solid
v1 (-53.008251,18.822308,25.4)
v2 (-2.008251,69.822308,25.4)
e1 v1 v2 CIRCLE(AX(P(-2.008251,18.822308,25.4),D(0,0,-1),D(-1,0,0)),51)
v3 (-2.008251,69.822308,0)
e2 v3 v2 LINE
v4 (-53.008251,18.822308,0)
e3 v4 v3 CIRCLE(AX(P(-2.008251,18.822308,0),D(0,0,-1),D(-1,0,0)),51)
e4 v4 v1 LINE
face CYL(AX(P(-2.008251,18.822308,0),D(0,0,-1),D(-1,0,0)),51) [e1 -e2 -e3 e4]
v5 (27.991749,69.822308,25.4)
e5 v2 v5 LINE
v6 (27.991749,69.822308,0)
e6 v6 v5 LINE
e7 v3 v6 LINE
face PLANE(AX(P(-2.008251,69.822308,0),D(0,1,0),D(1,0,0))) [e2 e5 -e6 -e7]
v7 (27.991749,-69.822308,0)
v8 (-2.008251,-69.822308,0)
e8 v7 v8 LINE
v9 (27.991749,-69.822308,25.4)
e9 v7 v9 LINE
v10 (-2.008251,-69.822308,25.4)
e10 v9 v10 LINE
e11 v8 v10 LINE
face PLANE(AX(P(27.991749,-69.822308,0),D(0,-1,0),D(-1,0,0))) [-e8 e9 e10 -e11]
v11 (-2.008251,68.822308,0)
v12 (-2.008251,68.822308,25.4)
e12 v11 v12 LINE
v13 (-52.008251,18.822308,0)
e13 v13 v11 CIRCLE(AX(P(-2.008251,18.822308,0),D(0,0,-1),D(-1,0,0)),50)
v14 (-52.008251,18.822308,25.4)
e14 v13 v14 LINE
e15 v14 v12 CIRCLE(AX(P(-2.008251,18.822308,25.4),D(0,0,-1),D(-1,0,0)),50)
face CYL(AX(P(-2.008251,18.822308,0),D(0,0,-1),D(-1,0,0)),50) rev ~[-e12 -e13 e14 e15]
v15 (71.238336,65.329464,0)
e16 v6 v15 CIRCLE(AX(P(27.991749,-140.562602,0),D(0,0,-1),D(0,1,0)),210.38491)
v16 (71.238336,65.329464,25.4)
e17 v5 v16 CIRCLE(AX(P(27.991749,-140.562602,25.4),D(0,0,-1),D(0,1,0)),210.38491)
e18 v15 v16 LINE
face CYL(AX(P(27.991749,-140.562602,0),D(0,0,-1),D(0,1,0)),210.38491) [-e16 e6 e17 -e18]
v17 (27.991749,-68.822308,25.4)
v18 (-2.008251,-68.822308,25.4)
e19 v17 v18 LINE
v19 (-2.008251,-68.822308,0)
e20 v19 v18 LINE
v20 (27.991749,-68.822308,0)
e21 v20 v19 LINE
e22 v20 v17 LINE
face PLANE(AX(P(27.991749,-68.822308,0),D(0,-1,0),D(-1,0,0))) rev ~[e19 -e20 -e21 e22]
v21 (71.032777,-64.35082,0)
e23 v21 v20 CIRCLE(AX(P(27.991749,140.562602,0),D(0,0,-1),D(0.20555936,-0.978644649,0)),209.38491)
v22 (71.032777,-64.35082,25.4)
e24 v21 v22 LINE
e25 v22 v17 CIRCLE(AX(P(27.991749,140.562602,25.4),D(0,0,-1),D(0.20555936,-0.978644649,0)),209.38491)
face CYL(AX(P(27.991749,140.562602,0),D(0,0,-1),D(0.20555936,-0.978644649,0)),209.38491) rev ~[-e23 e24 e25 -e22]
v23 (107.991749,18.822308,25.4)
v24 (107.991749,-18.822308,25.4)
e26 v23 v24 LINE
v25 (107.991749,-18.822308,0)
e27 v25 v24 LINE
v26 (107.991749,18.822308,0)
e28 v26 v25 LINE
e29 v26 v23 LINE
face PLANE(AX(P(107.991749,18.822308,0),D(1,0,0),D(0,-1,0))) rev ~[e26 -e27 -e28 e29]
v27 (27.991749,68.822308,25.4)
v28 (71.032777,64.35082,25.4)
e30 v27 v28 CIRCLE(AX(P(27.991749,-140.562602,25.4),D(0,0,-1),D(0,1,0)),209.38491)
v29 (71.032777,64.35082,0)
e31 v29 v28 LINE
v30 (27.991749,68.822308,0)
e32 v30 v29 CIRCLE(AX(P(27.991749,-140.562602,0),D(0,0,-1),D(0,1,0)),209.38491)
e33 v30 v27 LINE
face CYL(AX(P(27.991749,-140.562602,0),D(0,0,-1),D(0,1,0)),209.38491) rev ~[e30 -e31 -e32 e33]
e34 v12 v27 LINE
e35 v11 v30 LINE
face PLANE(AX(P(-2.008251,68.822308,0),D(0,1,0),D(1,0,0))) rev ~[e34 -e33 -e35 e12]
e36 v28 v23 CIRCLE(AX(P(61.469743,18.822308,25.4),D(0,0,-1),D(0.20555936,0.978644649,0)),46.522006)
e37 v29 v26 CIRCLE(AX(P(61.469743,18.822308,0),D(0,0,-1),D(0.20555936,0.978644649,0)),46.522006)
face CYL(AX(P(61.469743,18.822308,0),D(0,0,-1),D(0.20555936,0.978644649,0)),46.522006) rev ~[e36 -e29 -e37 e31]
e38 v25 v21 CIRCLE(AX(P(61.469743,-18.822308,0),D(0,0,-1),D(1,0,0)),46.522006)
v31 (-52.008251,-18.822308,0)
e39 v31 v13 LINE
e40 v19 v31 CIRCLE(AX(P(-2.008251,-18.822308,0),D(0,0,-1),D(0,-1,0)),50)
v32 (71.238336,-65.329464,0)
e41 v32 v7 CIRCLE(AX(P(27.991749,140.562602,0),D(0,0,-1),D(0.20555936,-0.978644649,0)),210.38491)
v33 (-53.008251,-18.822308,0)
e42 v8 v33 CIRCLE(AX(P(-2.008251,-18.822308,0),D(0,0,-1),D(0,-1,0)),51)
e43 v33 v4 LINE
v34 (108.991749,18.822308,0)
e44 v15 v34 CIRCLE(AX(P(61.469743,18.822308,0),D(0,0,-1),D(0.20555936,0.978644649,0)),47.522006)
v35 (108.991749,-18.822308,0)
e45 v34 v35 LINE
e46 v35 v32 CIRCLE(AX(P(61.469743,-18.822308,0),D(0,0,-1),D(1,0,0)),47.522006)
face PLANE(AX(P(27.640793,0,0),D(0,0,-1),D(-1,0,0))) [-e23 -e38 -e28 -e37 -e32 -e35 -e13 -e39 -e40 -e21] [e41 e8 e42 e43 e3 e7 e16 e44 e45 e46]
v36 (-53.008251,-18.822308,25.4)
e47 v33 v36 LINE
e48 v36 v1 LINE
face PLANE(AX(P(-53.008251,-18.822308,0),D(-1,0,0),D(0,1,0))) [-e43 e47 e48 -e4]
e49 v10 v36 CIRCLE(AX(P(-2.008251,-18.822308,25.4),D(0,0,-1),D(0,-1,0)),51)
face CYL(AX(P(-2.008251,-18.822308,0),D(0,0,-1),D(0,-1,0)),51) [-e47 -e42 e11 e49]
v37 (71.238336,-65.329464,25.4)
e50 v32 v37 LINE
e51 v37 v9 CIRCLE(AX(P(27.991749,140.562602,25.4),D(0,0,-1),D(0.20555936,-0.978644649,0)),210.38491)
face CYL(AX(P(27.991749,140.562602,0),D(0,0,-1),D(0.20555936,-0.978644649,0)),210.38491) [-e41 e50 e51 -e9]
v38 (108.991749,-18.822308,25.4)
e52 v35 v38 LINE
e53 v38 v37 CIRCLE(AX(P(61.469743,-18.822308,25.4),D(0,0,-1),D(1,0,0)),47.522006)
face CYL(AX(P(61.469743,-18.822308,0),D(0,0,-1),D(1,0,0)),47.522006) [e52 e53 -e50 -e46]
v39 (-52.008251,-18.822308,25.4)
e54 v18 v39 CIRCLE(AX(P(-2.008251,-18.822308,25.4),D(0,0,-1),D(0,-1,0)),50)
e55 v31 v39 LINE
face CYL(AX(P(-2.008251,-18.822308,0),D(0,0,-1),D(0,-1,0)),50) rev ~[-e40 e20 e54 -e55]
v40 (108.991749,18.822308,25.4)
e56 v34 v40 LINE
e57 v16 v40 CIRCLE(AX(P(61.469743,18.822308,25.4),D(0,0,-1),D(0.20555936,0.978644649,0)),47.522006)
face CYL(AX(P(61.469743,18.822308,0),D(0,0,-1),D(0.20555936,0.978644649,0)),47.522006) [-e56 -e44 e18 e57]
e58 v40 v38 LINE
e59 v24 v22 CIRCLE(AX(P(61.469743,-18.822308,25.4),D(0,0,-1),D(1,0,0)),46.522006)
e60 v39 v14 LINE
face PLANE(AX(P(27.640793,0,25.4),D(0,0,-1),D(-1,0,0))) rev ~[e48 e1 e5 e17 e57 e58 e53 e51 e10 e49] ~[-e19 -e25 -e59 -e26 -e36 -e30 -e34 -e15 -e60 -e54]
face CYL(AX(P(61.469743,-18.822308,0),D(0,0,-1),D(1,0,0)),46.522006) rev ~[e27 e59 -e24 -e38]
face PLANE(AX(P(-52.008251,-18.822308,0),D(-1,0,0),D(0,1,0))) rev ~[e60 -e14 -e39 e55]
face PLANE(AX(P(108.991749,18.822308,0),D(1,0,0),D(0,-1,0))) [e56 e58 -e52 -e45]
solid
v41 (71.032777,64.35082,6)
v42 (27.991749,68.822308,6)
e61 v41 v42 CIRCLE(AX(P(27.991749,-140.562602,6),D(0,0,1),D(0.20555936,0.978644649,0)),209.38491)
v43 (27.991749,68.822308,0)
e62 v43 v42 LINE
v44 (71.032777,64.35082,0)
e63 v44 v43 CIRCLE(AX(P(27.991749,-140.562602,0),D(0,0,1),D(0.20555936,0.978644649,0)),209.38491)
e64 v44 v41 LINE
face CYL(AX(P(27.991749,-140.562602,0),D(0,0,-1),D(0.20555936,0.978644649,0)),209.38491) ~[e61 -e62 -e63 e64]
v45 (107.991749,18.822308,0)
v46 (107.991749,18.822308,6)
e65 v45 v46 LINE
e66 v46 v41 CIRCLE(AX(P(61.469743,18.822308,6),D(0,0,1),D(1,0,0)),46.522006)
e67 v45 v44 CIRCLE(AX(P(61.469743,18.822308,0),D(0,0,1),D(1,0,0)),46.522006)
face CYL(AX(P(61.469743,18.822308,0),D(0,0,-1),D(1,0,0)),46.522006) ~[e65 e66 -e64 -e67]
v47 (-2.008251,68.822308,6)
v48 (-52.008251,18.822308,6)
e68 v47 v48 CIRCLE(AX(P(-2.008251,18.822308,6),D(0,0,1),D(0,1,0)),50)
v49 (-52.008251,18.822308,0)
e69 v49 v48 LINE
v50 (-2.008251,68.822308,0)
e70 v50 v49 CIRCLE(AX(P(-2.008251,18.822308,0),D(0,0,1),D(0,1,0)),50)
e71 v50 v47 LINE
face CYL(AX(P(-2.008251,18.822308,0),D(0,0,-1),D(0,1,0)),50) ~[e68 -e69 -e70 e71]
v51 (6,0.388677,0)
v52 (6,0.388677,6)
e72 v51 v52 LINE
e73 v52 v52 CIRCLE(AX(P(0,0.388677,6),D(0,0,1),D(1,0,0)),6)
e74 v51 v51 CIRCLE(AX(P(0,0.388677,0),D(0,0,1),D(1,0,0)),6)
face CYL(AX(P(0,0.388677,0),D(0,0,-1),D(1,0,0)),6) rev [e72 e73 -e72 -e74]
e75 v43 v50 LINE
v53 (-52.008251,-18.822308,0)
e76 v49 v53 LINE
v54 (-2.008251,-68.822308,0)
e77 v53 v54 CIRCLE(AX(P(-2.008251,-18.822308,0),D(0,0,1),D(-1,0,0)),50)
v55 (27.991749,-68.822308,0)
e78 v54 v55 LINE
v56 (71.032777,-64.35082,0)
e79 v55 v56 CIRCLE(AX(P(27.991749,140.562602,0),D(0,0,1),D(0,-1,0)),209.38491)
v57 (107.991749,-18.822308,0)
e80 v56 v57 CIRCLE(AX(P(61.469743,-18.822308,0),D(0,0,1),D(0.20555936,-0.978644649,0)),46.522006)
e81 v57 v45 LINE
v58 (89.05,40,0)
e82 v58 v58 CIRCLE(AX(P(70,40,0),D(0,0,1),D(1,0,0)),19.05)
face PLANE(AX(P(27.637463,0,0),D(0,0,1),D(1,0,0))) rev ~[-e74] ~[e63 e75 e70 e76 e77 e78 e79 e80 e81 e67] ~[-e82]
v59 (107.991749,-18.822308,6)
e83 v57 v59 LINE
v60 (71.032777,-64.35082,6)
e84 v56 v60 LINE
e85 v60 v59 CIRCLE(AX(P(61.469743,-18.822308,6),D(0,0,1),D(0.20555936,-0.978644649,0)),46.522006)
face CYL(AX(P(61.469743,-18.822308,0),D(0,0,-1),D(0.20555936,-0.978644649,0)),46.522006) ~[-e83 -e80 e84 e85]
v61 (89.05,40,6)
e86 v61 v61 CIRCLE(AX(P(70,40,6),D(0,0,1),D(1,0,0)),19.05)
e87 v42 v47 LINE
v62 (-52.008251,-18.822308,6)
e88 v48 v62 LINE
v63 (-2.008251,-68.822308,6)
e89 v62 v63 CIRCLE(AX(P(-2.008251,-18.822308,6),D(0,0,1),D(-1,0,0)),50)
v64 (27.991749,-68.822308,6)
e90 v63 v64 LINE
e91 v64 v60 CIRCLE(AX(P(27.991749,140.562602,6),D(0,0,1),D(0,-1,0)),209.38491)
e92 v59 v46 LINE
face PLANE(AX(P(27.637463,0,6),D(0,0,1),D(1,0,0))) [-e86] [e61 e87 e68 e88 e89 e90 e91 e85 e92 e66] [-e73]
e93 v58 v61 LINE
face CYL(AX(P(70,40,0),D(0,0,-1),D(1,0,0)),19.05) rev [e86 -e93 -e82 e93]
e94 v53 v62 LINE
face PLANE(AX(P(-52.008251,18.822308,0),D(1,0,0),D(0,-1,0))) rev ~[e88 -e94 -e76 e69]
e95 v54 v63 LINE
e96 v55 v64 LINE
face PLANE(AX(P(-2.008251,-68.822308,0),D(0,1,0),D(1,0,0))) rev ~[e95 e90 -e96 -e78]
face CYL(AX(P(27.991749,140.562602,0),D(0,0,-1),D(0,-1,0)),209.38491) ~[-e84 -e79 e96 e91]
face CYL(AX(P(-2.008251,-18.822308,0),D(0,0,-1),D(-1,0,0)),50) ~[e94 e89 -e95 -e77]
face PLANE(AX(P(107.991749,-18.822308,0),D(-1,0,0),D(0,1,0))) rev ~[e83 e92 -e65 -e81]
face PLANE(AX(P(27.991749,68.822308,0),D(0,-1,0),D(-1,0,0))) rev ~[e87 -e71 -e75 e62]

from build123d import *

# Parameters (mm, degrees)
SKETCH1_R           = 19.05
SKETCH1_R_2         = 6
BOSS_EXTRUDE1_DEPTH = 6
BOSS_EXTRUDE2_DEPTH = 25.4


with BuildPart() as part:
    # Sketch1 → Boss-Extrude1 (new body)
    with BuildSketch(Plane.XY):
        with BuildLine():
            Line((27.991748635, 68.822308036), (-2.008251365, 68.822308036))
            ThreePointArc((-2.008251365, 68.822308036), (-37.363590424, 54.177647096), (-52.008251365, 18.822308036))
            Line((-52.008251365, 18.822308036), (-52.008251365, -18.822308036))
            ThreePointArc((-52.008251365, -18.822308036), (-37.363590424, -54.177647096), (-2.008251365, -68.822308036))
            Line((-2.008251365, -68.822308036), (27.991748635, -68.822308036))
            ThreePointArc((27.991748635, -68.822308036), (49.628085606, -67.701435879), (71.032776775, -64.350819837))
            ThreePointArc((71.032776775, -64.350819837), (97.588910481, -48.142996073), (107.991748635, -18.822308036))
            Line((107.991748635, -18.822308036), (107.991748635, 18.822308036))
            ThreePointArc((107.991748635, 18.822308036), (97.588910481, 48.142996073), (71.032776775, 64.350819837))
            ThreePointArc((71.032776775, 64.350819837), (49.628085606, 67.701435879), (27.991748635, 68.822308036))
        make_face()
        with Locations((70, 40)):
            Circle(SKETCH1_R, mode=Mode.SUBTRACT)
        with Locations((0, 0.38867669)):
            Circle(SKETCH1_R_2, mode=Mode.SUBTRACT)
    extrude(amount=BOSS_EXTRUDE1_DEPTH)


with BuildPart() as body_2:
    # Sketch2 → Boss-Extrude2 (new body)
    with BuildSketch(Plane(origin=(0, 0, 0), x_dir=(-1, 0, 0), z_dir=(0, 0, -1))):
        with BuildLine():
            Line((2.008251365, 69.822308036), (-27.991748635, 69.822308036))
            ThreePointArc((-27.991748635, 69.822308036), (-49.731418444, 68.696082713), (-71.238336135, 65.329464487))
            ThreePointArc((-71.238336135, 65.329464487), (-98.365299353, 48.773250244), (-108.991748635, 18.822308036))
            Line((-108.991748635, 18.822308036), (-108.991748635, -18.822308036))
            ThreePointArc((-108.991748635, -18.822308036), (-98.365299353, -48.773250244), (-71.238336135, -65.329464487))
            ThreePointArc((-71.238336135, -65.329464487), (-49.731418444, -68.696082713), (-27.991748635, -69.822308036))
            Line((-27.991748635, -69.822308036), (2.008251365, -69.822308036))
            ThreePointArc((2.008251365, -69.822308036), (38.070697206, -54.884753877), (53.008251365, -18.822308036))
            Line((53.008251365, -18.822308036), (53.008251365, 18.822308036))
            ThreePointArc((53.008251365, 18.822308036), (38.070697206, 54.884753877), (2.008251365, 69.822308036))
        make_face()
        with BuildLine():
            Line((2.008251365, 68.822308036), (-27.991748635, 68.822308036))
            ThreePointArc((-27.991748635, 68.822308036), (-49.628085606, 67.701435879), (-71.032776775, 64.350819837))
            ThreePointArc((-71.032776775, 64.350819837), (-97.588910481, 48.142996073), (-107.991748635, 18.822308036))
            Line((-107.991748635, 18.822308036), (-107.991748635, -18.822308036))
            ThreePointArc((-107.991748635, -18.822308036), (-97.588910481, -48.142996073), (-71.032776775, -64.350819837))
            ThreePointArc((-71.032776775, -64.350819837), (-49.628085606, -67.701435879), (-27.991748635, -68.822308036))
            Line((-27.991748635, -68.822308036), (2.008251365, -68.822308036))
            ThreePointArc((2.008251365, -68.822308036), (37.363590424, -54.177647096), (52.008251365, -18.822308036))
            Line((52.008251365, -18.822308036), (52.008251365, 18.822308036))
            ThreePointArc((52.008251365, 18.822308036), (37.363590424, 54.177647096), (2.008251365, 68.822308036))
        make_face(mode=Mode.SUBTRACT)
    extrude(amount=-BOSS_EXTRUDE2_DEPTH)


solid = Compound([part.part, body_2.part])
